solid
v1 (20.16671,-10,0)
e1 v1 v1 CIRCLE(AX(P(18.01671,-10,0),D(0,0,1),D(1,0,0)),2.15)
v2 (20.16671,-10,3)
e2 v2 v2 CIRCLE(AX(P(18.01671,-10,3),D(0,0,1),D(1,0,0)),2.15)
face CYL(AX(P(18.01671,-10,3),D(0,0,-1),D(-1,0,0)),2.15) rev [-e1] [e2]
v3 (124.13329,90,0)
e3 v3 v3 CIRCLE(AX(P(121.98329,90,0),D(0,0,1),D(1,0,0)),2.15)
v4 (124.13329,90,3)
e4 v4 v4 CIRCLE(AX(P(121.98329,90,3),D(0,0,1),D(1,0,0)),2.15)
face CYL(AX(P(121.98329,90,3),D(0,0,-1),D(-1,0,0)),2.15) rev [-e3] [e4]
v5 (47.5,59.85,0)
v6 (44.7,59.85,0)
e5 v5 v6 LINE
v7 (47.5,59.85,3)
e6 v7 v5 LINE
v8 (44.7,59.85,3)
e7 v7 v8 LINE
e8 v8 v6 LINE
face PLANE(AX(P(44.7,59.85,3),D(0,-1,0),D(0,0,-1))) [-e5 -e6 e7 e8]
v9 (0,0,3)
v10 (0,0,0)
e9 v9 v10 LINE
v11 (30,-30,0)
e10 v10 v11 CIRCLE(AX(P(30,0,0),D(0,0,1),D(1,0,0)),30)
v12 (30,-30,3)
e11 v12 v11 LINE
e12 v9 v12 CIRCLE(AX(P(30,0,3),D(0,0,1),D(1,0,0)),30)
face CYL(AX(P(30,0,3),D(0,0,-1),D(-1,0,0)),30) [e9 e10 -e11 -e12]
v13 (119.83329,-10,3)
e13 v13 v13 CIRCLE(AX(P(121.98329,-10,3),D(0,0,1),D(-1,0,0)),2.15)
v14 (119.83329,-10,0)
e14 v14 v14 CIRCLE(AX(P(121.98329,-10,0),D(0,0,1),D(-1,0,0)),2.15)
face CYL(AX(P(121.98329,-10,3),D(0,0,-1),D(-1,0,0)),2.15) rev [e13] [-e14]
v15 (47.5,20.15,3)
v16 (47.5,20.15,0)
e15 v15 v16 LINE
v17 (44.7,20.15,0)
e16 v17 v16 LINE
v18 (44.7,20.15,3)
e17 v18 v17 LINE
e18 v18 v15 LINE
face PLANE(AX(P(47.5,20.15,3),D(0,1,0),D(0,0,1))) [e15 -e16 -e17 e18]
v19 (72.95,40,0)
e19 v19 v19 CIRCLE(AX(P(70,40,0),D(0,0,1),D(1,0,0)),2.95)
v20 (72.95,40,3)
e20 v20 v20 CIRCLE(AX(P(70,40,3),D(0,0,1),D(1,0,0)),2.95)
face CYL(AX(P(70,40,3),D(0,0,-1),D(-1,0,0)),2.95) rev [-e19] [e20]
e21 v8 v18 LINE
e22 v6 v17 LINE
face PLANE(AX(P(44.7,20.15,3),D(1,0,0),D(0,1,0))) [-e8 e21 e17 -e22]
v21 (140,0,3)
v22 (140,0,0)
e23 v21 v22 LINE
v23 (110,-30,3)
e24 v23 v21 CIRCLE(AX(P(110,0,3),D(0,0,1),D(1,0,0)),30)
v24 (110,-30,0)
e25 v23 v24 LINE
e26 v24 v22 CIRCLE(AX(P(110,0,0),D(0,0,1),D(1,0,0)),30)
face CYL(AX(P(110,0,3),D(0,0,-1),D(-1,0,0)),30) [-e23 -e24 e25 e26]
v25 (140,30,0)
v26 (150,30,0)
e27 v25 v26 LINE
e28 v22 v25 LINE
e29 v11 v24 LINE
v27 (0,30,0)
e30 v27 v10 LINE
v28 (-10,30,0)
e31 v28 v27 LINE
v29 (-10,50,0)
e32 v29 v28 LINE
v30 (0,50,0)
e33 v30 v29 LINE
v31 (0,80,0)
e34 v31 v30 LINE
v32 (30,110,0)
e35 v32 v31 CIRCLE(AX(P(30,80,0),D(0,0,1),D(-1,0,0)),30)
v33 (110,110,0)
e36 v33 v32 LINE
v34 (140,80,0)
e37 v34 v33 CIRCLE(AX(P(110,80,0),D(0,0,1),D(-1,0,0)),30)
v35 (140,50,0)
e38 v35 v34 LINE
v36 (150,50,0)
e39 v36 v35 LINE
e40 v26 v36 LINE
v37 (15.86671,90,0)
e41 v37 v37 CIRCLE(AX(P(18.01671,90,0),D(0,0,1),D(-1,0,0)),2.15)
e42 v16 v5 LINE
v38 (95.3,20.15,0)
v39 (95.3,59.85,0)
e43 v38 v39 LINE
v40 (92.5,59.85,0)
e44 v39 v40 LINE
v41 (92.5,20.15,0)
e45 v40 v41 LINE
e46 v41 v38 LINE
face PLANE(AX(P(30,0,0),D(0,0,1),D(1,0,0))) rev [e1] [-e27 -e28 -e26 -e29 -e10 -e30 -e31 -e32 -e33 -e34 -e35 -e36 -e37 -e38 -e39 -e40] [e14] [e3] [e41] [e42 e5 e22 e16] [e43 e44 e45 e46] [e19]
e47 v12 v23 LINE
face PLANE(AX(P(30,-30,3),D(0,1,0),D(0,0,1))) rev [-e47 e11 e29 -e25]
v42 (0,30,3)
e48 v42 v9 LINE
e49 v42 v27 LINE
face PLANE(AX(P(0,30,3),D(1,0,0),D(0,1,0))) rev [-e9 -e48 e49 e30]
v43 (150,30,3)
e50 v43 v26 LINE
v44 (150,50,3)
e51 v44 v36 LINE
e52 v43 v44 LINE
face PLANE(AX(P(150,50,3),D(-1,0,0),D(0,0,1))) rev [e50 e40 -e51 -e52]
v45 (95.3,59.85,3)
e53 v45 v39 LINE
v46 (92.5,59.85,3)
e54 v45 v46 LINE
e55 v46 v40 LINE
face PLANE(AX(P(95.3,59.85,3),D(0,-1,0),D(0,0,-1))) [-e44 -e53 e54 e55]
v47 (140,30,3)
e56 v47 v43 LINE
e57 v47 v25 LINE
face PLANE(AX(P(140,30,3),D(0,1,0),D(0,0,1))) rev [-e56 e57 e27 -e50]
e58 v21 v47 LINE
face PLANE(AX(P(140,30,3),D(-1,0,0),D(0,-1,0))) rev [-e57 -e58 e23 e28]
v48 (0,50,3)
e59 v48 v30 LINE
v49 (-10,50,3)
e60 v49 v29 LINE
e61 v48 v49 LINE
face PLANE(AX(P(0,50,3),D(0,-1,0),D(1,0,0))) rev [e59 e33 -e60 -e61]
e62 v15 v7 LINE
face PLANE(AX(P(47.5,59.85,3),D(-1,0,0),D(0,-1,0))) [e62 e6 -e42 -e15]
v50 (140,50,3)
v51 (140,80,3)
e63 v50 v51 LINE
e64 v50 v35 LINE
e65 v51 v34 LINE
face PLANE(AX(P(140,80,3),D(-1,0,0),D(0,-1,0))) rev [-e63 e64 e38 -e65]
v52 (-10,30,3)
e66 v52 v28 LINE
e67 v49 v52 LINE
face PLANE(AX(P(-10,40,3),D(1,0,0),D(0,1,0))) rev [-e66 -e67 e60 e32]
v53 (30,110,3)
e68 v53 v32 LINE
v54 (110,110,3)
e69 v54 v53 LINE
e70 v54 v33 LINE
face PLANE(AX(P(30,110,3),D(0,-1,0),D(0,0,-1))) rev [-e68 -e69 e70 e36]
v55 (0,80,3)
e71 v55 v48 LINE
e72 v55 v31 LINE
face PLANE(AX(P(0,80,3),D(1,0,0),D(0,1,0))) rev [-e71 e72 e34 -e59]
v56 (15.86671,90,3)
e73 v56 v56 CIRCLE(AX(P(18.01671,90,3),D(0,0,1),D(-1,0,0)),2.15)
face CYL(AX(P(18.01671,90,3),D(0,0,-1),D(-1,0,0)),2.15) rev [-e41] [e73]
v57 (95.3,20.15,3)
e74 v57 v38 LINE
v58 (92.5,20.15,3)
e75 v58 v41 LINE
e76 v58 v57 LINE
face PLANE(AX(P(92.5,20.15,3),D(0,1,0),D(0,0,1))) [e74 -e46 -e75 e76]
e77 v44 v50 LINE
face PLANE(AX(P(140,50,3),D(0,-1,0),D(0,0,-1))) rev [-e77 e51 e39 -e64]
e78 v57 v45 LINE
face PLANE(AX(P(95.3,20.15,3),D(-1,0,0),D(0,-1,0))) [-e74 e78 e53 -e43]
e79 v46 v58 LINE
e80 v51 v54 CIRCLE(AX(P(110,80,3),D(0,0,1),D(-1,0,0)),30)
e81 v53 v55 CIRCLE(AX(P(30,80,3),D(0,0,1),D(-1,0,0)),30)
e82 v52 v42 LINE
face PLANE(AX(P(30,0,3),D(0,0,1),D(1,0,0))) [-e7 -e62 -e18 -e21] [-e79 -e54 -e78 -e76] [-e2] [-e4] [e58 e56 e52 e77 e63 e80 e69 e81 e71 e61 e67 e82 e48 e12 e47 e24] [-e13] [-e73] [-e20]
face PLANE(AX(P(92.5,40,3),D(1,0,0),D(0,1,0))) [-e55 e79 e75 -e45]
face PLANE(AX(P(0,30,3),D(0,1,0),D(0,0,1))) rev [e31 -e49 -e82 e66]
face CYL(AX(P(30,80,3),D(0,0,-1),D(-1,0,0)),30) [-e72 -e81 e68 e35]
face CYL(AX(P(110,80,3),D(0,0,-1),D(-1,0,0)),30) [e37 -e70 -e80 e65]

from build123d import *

# Parameters (mm, degrees)
CROQUIS2_R              = 2.95
CROQUIS2_R_2            = 2.15
SALIENTE_EXTRUIR2_DEPTH = 3


with BuildPart() as part:
    # Croquis2 → Saliente-Extruir2 (new body)
    with BuildSketch(Plane.XY):
        with BuildLine():
            Line((30, 110), (110, 110))
            ThreePointArc((110, 110), (131.213203436, 101.213203436), (140, 80))
            Line((140, 80), (140, 50))
            Line((140, 50), (150, 50))
            Line((150, 50), (150, 40))
            Line((150, 40), (150, 30))
            Line((150, 30), (140, 30))
            Line((140, 30), (140, 0))
            ThreePointArc((140, 0), (131.213203436, -21.213203436), (110, -30))
            Line((110, -30), (30, -30))
            ThreePointArc((30, -30), (8.786796564, -21.213203436), (0, 0))
            Line((0, 0), (0, 30))
            Line((0, 30), (-10, 30))
            Line((-10, 30), (-10, 40))
            Line((-10, 40), (-10, 50))
            Line((-10, 50), (0, 50))
            Line((0, 50), (0, 80))
            ThreePointArc((0, 80), (8.786796564, 101.213203436), (30, 110))
        make_face()
        with Locations((70, 40)):
            Circle(CROQUIS2_R, mode=Mode.SUBTRACT)
        with Locations((18.016709675, -10)):
            Circle(CROQUIS2_R_2, mode=Mode.SUBTRACT)
        with Locations(Location((18.016709675, 90, 0), (0, 0, 180))):
            Circle(CROQUIS2_R_2, mode=Mode.SUBTRACT)
        with Locations(Location((121.983290325, -10, 0), (0, 0, 180))):
            Circle(CROQUIS2_R_2, mode=Mode.SUBTRACT)
        with Locations((121.983290325, 90)):
            Circle(CROQUIS2_R_2, mode=Mode.SUBTRACT)
        Polygon((44.7, 59.85), (47.5, 59.85), (47.5, 40), (47.5, 20.15), (44.7, 20.15), align=None, mode=Mode.SUBTRACT)
        Polygon((92.5, 59.85), (92.5, 40), (92.5, 20.15), (95.3, 20.15), (95.3, 59.85), align=None, mode=Mode.SUBTRACT)
    extrude(amount=SALIENTE_EXTRUIR2_DEPTH)


solid = part.part
